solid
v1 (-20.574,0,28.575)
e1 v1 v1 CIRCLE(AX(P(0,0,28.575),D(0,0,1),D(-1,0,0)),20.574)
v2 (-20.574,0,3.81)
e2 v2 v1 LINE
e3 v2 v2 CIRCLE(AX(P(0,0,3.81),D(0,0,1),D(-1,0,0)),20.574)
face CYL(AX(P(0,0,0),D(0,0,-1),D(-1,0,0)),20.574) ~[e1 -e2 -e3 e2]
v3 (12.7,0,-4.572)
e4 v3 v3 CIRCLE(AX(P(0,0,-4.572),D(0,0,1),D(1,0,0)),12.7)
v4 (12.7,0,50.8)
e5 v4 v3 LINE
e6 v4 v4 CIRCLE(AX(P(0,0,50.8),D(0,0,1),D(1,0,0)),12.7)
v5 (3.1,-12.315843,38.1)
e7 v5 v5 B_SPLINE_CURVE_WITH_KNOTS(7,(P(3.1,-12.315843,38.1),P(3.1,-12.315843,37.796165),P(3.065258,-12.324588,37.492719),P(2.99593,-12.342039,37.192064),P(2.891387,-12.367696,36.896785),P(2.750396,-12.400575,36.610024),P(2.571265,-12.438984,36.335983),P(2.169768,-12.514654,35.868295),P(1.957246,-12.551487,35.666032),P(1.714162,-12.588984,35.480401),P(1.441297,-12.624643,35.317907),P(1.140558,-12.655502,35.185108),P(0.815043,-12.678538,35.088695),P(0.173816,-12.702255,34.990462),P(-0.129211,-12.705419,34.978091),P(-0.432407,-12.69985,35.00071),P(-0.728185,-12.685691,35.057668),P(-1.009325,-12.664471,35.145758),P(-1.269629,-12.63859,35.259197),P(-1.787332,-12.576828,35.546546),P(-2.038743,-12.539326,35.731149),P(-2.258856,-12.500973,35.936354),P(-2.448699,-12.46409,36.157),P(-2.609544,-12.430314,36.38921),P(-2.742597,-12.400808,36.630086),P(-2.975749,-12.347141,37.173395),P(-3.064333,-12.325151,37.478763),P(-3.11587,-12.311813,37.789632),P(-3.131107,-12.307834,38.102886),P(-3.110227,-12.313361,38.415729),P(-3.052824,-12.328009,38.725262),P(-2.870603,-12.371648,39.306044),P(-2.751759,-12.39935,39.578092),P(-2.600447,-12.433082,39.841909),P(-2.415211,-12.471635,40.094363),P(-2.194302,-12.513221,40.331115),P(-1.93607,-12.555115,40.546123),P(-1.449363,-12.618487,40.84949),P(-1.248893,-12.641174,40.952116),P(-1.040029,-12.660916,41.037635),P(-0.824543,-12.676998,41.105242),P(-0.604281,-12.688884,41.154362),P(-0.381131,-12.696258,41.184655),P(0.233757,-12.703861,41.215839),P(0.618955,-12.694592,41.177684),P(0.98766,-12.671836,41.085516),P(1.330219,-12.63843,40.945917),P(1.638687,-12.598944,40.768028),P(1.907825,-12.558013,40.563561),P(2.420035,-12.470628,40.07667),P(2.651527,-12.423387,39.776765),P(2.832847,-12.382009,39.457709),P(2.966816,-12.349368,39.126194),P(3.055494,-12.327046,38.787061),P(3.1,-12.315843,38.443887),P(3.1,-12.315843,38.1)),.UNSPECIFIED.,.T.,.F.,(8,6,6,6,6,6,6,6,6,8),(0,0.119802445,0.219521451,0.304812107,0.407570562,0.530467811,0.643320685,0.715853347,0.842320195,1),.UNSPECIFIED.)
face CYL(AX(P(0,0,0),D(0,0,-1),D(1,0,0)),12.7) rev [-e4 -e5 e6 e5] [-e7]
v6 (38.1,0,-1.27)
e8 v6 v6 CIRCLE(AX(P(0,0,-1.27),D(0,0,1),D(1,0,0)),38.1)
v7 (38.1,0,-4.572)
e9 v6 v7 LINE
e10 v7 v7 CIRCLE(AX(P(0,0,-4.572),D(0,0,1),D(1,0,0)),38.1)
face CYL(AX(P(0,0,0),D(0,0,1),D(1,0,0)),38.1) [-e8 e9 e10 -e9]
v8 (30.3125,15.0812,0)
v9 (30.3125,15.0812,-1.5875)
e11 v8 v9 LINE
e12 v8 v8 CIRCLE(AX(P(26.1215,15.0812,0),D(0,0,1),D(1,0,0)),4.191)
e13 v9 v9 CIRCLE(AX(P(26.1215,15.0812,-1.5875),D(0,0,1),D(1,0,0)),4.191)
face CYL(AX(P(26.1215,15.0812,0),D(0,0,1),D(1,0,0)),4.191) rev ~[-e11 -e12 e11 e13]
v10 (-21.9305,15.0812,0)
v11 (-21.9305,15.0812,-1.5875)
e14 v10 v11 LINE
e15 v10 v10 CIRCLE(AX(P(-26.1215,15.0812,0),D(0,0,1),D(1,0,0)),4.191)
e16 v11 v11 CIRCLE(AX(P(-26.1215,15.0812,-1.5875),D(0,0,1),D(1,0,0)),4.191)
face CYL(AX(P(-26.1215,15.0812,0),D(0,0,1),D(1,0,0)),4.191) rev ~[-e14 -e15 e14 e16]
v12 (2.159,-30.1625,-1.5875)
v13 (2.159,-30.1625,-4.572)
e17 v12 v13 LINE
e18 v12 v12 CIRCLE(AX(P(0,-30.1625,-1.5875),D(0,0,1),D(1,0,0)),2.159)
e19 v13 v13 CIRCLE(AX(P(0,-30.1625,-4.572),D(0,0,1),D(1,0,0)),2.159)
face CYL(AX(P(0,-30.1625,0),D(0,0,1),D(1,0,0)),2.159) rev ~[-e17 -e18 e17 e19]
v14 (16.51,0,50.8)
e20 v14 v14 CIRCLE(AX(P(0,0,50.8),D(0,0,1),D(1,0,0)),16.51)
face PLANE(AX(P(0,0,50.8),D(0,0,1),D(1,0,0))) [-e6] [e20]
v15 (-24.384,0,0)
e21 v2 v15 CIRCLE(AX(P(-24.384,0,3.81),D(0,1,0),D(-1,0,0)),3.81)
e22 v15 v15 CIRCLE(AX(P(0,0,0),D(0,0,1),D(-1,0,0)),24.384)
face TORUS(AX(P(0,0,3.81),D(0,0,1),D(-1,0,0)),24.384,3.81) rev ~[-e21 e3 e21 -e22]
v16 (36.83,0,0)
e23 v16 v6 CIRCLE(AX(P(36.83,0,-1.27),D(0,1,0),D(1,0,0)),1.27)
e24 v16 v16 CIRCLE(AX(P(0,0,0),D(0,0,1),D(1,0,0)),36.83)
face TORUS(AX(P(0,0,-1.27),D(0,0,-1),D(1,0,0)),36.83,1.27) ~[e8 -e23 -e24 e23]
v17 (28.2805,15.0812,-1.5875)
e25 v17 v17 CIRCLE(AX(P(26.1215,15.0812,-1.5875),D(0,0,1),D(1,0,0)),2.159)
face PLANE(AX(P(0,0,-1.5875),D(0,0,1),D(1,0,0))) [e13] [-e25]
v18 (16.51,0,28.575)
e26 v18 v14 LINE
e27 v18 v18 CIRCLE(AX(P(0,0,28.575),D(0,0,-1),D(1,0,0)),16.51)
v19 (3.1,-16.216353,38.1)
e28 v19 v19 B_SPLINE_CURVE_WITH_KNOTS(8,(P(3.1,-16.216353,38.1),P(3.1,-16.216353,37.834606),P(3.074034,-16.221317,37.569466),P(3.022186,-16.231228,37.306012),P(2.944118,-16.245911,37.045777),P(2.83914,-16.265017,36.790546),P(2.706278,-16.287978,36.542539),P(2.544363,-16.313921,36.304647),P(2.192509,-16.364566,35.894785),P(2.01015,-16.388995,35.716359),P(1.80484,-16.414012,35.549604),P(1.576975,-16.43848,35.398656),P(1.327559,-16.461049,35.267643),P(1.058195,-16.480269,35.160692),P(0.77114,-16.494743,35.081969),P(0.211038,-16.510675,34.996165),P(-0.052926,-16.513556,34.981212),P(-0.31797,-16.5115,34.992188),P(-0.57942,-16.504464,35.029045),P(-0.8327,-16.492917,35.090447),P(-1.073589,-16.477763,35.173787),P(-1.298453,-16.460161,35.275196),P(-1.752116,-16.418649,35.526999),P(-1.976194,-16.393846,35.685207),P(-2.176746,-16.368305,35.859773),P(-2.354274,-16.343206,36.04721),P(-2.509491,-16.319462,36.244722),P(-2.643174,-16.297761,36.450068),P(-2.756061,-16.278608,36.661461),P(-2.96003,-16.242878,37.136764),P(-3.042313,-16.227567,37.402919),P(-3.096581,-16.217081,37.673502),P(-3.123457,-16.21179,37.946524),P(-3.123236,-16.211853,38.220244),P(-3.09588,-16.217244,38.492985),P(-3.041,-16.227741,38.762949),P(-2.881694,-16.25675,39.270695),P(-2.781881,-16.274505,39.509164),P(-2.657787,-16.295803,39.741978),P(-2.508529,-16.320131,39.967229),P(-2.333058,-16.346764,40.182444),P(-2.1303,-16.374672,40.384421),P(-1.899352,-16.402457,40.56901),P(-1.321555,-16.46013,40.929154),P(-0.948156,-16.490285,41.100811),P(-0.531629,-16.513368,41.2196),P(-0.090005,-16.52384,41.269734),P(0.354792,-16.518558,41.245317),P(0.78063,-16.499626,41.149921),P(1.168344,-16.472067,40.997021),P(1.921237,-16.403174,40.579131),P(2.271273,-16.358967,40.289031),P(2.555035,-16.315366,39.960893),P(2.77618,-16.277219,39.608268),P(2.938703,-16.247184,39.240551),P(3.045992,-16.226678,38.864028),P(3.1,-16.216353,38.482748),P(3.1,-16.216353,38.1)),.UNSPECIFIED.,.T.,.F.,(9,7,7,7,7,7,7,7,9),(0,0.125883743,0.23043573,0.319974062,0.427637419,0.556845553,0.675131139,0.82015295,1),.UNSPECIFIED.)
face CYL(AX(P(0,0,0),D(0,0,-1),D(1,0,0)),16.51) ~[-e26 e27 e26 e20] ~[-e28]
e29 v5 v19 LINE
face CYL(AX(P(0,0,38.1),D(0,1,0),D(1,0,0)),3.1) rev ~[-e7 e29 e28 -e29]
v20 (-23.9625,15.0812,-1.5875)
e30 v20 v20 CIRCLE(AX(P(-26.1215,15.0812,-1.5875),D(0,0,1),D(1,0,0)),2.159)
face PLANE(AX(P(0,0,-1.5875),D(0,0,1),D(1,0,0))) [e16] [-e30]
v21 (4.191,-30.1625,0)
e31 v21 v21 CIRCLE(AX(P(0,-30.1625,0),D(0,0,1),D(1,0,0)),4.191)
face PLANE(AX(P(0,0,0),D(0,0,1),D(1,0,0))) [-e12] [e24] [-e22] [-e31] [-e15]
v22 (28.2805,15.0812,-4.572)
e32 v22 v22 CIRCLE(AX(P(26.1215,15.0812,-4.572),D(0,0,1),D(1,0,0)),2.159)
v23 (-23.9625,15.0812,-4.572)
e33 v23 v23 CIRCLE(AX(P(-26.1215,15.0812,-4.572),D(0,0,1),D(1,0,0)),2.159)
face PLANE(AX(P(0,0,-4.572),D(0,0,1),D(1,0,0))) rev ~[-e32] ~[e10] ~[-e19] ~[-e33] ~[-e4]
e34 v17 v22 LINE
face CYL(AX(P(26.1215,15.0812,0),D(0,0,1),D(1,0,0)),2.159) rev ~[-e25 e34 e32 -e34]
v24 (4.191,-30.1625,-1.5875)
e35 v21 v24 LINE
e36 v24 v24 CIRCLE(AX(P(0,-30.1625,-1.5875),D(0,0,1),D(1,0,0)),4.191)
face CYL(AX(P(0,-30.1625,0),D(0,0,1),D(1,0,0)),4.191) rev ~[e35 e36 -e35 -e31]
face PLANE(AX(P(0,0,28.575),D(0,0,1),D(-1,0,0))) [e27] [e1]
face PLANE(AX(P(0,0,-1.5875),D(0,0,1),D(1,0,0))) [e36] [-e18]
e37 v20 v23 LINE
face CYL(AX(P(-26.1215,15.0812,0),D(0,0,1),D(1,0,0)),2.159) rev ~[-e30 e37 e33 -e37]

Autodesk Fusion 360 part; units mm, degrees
sketch "Sketch1" plane through (0, 0, 0) normal (0, 0, 1) x (1, 0, 0)
  circle A0 centre (0, 0) radius 16.51
  circle A1 centre (0, 0) radius 12.7
  circle A2 centre (0, 0) radius 38.1
  dimension "d1" = 33.02
  dimension "d2" = 25.4
  dimension "d3" = 76.2
extrude "Extrude1" add sketch "Sketch1" along normal blind 50.8 contours A0
extrude "Extrude2" add sketch "Sketch1" against normal blind 4.572 contours A0 | A2
sketch "Sketch3" plane through (0, 0, 0) normal (0, 0, 1) x (1, 0, 0)
  line L0 (0, 0) -> (0, -39.9504) construction
  line L1 (0, 0) -> (-48.5556, 28.0336) construction
  line L2 (0, 0) -> (38.9341, 22.4786) construction
  circle A0 centre (0, 0) radius 30.1625 construction
  circle A1 centre (0, -30.1625) radius 2.159
  circle A2 centre (-26.1215, 15.0812) radius 2.159
  circle A3 centre (26.1215, 15.0812) radius 2.159
  circle A4 centre (0, -30.1625) radius 4.191
  circle A5 centre (-26.1215, 15.0812) radius 4.191
  circle A6 centre (26.1215, 15.0812) radius 4.191
  dimension "d8" = 120
  dimension "d9" = 120
  dimension "d10" = 60.325
  dimension "d11" = 4.318
  dimension "d12" = 8.382
extrude "Extrude3" cut sketch "Sketch3" against normal up to surface (4.572 mm away) contours A1 | A2 | A3
extrude "Extrude4" cut sketch "Sketch3" against normal blind 1.5875
sketch "Sketch4" plane through (0, 0, 0) normal (0, 1, 0) x (1, 0, 0)
  line L0 (0, 0) -> (0, -68.6315) construction
  circle A0 centre (0, -38.1) radius 3.1
  line L1 (0, 0) -> (-36.56, 0) construction
  line L2 (-16.51, -50.8) -> (16.51, -50.8) construction
  dimension "d17" = 6.2
  dimension "d19" = 12.7
extrude "Extrude5" cut sketch "Sketch4" against normal blind 28.9814
sketch "Sketch5" plane through (0, 0, 0) normal (0, 0, 1) x (-1, 0, 0)
  circle A0 centre (-26.1215, -15.0812) radius 4.191
  circle A1 centre (26.1215, -15.0812) radius 4.191
  circle A2 centre (0, 30.1625) radius 4.191
  circle A3 centre (0, 0) radius 38.1
  circle A4 centre (0, 0) radius 16.51
  circle A5 centre (0, 0) radius 16.51
  circle A6 centre (0, 0) radius 20.574
  dimension "d22" = 41.148
extrude "Extrude6" add sketch "Sketch5" along normal blind 28.575 contours A6
fillet "Fillet1" radius 3.81 1 edges at (19.1817, -7.4399, 0)
fillet "Fillet2" radius 1.27 1 edges at (-35.5217, -13.7775, 0)
